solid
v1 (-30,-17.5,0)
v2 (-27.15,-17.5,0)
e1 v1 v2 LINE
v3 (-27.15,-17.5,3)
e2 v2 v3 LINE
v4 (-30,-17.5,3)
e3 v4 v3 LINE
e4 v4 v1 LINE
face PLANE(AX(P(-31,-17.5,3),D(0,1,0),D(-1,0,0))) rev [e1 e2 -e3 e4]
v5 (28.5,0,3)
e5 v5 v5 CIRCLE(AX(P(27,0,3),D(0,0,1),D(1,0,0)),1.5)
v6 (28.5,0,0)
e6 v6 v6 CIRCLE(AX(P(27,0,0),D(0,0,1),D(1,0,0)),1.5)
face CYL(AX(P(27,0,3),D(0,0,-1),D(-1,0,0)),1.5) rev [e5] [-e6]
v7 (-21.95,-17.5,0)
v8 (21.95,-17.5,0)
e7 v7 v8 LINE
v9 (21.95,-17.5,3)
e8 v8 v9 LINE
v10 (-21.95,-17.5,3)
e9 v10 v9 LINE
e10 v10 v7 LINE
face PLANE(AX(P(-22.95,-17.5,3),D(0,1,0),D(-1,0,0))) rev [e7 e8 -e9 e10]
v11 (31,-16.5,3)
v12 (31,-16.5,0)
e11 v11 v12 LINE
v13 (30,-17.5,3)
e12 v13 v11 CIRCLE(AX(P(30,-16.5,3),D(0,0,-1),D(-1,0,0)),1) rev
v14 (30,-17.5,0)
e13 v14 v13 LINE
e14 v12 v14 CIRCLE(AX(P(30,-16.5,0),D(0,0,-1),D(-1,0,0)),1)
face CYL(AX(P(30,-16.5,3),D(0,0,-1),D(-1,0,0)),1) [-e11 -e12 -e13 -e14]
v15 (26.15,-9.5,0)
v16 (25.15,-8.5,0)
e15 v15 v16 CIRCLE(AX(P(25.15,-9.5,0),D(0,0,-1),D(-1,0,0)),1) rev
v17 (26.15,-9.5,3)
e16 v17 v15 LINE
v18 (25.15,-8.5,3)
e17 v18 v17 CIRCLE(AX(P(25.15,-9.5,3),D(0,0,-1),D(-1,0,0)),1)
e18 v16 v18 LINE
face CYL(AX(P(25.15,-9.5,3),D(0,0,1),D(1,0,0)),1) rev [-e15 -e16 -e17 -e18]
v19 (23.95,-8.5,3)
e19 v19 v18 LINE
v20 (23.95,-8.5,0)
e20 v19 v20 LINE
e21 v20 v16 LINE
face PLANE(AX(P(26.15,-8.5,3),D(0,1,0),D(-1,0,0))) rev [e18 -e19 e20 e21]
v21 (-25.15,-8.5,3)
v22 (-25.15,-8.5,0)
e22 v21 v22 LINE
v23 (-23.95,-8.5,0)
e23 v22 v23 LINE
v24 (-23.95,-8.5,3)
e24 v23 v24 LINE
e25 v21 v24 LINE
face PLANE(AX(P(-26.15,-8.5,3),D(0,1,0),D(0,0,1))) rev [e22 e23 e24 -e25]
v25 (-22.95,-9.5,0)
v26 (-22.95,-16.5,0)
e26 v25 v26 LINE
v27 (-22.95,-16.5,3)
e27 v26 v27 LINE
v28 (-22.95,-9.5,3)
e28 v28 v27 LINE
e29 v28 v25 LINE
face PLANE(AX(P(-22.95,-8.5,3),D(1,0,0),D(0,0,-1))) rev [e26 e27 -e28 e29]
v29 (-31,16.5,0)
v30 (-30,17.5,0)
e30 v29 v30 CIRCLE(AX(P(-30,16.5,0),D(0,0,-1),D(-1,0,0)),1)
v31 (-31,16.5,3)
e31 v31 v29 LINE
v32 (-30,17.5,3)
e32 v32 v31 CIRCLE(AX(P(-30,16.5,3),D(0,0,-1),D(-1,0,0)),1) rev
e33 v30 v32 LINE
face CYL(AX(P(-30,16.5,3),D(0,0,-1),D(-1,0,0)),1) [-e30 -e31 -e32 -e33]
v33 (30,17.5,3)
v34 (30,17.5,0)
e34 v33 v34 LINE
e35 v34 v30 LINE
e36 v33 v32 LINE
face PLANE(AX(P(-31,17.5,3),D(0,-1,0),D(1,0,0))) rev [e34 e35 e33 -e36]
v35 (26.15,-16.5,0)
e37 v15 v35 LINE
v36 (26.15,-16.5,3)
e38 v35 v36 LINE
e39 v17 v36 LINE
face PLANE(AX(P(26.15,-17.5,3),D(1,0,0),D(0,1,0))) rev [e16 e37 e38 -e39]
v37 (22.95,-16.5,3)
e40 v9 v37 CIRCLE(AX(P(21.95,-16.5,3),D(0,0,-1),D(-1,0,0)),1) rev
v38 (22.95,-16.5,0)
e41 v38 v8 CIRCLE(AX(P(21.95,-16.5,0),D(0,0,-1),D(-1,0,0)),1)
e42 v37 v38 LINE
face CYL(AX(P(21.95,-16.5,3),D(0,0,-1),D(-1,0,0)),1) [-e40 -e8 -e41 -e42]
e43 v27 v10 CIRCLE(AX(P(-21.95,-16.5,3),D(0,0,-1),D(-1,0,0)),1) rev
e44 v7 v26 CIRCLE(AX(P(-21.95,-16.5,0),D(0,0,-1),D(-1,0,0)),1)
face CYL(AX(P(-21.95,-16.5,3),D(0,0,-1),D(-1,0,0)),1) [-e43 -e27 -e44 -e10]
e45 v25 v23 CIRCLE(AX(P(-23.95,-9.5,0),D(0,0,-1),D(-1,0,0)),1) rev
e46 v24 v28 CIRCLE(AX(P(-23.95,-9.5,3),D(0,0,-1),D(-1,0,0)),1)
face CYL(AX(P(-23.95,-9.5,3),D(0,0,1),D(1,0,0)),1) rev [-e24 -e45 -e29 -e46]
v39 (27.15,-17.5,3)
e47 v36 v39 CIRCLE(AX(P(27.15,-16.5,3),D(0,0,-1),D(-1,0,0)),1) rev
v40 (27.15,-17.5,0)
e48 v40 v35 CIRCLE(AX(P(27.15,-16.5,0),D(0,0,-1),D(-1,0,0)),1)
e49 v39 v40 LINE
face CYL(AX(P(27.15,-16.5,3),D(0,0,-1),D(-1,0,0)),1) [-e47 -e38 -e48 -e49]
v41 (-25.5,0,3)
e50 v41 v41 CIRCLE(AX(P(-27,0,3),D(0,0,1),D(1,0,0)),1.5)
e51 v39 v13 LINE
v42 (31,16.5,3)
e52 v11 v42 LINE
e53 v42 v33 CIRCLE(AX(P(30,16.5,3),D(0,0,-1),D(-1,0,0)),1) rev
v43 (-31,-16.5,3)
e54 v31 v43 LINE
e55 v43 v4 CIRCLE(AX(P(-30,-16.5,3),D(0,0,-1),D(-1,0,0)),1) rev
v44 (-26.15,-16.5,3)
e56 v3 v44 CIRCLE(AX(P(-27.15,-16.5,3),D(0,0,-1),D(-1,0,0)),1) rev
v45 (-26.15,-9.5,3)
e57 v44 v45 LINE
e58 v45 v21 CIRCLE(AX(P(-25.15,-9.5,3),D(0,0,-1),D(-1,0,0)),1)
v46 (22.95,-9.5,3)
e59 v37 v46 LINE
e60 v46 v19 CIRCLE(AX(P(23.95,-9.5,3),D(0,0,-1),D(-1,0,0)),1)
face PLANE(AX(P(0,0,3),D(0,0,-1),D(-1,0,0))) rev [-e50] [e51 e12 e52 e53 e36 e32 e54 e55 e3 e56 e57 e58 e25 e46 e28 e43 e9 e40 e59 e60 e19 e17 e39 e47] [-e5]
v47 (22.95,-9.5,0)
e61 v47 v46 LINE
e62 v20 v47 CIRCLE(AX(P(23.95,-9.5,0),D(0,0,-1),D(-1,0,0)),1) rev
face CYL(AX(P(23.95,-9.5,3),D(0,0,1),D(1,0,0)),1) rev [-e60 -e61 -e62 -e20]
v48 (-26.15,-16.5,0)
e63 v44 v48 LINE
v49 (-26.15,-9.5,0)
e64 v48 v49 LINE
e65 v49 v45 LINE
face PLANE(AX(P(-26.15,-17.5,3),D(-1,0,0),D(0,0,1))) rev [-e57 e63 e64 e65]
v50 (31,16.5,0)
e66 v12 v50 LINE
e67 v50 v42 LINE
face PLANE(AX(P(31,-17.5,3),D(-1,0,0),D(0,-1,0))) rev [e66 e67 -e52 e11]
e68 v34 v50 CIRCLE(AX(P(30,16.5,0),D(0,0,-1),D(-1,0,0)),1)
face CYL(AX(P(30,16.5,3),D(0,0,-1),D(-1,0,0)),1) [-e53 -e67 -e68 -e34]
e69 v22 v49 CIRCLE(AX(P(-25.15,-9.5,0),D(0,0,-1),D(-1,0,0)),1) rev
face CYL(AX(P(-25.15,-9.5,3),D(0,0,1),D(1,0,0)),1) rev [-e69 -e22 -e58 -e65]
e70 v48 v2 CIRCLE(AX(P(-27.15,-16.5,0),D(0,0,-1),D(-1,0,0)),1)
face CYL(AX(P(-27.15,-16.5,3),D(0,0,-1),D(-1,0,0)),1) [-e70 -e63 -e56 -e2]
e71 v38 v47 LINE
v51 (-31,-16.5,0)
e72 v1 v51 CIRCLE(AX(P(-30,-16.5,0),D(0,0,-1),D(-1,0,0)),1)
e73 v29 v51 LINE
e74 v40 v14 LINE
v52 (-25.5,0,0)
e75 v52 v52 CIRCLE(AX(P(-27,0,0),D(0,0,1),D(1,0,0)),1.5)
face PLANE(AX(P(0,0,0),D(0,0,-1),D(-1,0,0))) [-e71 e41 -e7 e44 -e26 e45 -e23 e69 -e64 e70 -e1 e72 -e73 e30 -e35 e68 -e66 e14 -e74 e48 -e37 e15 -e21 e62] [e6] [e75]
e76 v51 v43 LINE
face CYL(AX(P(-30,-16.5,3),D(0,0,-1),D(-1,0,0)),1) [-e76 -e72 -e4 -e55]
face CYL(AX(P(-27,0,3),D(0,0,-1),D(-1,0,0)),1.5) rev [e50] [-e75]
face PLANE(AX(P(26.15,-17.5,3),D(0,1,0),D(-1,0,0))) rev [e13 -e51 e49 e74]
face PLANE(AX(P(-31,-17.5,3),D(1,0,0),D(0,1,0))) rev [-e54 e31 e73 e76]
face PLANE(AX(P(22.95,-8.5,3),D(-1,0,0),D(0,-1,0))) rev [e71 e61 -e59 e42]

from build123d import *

# Parameters (mm, degrees)
SKETCH_1_R      = 1.5
EXTRUDE_1_DEPTH = 3
FILLET_1_R      = 1


with BuildPart() as part:
    # 草图1 → 凸台-拉伸1 (new body)
    with BuildSketch(Plane.XY):
        Polygon((-31, -17.5), (-26.15, -17.5), (-26.15, -8.5), (-22.95, -8.5), (-22.95, -17.5), (22.95, -17.5), (22.95, -8.5), (26.15, -8.5), (26.15, -17.5), (31, -17.5), (31, 17.5), (-31, 17.5), align=None)
        with Locations((-27, 0)):
            Circle(SKETCH_1_R, mode=Mode.SUBTRACT)
        with Locations((27, 0)):
            Circle(SKETCH_1_R, mode=Mode.SUBTRACT)
    extrude(amount=EXTRUDE_1_DEPTH)

    # 圆角1
    fillet_1_edges = [part.edges().sort_by_distance(p)[0] for p in [
        (31, -17.5, 1.5),
        (26.15, -17.5, 1.5),
        (26.15, -8.5, 1.5),
        (22.95, -8.5, 1.5),
        (22.95, -17.5, 1.5),
        (-22.95, -17.5, 1.5),
        (-22.95, -8.5, 1.5),
        (-26.15, -8.5, 1.5),
        (-26.15, -17.5, 1.5),
        (-31, -17.5, 1.5),
        (-31, 17.5, 1.5),
        (31, 17.5, 1.5),
    ]]
    fillet(fillet_1_edges, radius=FILLET_1_R)


solid = part.part
